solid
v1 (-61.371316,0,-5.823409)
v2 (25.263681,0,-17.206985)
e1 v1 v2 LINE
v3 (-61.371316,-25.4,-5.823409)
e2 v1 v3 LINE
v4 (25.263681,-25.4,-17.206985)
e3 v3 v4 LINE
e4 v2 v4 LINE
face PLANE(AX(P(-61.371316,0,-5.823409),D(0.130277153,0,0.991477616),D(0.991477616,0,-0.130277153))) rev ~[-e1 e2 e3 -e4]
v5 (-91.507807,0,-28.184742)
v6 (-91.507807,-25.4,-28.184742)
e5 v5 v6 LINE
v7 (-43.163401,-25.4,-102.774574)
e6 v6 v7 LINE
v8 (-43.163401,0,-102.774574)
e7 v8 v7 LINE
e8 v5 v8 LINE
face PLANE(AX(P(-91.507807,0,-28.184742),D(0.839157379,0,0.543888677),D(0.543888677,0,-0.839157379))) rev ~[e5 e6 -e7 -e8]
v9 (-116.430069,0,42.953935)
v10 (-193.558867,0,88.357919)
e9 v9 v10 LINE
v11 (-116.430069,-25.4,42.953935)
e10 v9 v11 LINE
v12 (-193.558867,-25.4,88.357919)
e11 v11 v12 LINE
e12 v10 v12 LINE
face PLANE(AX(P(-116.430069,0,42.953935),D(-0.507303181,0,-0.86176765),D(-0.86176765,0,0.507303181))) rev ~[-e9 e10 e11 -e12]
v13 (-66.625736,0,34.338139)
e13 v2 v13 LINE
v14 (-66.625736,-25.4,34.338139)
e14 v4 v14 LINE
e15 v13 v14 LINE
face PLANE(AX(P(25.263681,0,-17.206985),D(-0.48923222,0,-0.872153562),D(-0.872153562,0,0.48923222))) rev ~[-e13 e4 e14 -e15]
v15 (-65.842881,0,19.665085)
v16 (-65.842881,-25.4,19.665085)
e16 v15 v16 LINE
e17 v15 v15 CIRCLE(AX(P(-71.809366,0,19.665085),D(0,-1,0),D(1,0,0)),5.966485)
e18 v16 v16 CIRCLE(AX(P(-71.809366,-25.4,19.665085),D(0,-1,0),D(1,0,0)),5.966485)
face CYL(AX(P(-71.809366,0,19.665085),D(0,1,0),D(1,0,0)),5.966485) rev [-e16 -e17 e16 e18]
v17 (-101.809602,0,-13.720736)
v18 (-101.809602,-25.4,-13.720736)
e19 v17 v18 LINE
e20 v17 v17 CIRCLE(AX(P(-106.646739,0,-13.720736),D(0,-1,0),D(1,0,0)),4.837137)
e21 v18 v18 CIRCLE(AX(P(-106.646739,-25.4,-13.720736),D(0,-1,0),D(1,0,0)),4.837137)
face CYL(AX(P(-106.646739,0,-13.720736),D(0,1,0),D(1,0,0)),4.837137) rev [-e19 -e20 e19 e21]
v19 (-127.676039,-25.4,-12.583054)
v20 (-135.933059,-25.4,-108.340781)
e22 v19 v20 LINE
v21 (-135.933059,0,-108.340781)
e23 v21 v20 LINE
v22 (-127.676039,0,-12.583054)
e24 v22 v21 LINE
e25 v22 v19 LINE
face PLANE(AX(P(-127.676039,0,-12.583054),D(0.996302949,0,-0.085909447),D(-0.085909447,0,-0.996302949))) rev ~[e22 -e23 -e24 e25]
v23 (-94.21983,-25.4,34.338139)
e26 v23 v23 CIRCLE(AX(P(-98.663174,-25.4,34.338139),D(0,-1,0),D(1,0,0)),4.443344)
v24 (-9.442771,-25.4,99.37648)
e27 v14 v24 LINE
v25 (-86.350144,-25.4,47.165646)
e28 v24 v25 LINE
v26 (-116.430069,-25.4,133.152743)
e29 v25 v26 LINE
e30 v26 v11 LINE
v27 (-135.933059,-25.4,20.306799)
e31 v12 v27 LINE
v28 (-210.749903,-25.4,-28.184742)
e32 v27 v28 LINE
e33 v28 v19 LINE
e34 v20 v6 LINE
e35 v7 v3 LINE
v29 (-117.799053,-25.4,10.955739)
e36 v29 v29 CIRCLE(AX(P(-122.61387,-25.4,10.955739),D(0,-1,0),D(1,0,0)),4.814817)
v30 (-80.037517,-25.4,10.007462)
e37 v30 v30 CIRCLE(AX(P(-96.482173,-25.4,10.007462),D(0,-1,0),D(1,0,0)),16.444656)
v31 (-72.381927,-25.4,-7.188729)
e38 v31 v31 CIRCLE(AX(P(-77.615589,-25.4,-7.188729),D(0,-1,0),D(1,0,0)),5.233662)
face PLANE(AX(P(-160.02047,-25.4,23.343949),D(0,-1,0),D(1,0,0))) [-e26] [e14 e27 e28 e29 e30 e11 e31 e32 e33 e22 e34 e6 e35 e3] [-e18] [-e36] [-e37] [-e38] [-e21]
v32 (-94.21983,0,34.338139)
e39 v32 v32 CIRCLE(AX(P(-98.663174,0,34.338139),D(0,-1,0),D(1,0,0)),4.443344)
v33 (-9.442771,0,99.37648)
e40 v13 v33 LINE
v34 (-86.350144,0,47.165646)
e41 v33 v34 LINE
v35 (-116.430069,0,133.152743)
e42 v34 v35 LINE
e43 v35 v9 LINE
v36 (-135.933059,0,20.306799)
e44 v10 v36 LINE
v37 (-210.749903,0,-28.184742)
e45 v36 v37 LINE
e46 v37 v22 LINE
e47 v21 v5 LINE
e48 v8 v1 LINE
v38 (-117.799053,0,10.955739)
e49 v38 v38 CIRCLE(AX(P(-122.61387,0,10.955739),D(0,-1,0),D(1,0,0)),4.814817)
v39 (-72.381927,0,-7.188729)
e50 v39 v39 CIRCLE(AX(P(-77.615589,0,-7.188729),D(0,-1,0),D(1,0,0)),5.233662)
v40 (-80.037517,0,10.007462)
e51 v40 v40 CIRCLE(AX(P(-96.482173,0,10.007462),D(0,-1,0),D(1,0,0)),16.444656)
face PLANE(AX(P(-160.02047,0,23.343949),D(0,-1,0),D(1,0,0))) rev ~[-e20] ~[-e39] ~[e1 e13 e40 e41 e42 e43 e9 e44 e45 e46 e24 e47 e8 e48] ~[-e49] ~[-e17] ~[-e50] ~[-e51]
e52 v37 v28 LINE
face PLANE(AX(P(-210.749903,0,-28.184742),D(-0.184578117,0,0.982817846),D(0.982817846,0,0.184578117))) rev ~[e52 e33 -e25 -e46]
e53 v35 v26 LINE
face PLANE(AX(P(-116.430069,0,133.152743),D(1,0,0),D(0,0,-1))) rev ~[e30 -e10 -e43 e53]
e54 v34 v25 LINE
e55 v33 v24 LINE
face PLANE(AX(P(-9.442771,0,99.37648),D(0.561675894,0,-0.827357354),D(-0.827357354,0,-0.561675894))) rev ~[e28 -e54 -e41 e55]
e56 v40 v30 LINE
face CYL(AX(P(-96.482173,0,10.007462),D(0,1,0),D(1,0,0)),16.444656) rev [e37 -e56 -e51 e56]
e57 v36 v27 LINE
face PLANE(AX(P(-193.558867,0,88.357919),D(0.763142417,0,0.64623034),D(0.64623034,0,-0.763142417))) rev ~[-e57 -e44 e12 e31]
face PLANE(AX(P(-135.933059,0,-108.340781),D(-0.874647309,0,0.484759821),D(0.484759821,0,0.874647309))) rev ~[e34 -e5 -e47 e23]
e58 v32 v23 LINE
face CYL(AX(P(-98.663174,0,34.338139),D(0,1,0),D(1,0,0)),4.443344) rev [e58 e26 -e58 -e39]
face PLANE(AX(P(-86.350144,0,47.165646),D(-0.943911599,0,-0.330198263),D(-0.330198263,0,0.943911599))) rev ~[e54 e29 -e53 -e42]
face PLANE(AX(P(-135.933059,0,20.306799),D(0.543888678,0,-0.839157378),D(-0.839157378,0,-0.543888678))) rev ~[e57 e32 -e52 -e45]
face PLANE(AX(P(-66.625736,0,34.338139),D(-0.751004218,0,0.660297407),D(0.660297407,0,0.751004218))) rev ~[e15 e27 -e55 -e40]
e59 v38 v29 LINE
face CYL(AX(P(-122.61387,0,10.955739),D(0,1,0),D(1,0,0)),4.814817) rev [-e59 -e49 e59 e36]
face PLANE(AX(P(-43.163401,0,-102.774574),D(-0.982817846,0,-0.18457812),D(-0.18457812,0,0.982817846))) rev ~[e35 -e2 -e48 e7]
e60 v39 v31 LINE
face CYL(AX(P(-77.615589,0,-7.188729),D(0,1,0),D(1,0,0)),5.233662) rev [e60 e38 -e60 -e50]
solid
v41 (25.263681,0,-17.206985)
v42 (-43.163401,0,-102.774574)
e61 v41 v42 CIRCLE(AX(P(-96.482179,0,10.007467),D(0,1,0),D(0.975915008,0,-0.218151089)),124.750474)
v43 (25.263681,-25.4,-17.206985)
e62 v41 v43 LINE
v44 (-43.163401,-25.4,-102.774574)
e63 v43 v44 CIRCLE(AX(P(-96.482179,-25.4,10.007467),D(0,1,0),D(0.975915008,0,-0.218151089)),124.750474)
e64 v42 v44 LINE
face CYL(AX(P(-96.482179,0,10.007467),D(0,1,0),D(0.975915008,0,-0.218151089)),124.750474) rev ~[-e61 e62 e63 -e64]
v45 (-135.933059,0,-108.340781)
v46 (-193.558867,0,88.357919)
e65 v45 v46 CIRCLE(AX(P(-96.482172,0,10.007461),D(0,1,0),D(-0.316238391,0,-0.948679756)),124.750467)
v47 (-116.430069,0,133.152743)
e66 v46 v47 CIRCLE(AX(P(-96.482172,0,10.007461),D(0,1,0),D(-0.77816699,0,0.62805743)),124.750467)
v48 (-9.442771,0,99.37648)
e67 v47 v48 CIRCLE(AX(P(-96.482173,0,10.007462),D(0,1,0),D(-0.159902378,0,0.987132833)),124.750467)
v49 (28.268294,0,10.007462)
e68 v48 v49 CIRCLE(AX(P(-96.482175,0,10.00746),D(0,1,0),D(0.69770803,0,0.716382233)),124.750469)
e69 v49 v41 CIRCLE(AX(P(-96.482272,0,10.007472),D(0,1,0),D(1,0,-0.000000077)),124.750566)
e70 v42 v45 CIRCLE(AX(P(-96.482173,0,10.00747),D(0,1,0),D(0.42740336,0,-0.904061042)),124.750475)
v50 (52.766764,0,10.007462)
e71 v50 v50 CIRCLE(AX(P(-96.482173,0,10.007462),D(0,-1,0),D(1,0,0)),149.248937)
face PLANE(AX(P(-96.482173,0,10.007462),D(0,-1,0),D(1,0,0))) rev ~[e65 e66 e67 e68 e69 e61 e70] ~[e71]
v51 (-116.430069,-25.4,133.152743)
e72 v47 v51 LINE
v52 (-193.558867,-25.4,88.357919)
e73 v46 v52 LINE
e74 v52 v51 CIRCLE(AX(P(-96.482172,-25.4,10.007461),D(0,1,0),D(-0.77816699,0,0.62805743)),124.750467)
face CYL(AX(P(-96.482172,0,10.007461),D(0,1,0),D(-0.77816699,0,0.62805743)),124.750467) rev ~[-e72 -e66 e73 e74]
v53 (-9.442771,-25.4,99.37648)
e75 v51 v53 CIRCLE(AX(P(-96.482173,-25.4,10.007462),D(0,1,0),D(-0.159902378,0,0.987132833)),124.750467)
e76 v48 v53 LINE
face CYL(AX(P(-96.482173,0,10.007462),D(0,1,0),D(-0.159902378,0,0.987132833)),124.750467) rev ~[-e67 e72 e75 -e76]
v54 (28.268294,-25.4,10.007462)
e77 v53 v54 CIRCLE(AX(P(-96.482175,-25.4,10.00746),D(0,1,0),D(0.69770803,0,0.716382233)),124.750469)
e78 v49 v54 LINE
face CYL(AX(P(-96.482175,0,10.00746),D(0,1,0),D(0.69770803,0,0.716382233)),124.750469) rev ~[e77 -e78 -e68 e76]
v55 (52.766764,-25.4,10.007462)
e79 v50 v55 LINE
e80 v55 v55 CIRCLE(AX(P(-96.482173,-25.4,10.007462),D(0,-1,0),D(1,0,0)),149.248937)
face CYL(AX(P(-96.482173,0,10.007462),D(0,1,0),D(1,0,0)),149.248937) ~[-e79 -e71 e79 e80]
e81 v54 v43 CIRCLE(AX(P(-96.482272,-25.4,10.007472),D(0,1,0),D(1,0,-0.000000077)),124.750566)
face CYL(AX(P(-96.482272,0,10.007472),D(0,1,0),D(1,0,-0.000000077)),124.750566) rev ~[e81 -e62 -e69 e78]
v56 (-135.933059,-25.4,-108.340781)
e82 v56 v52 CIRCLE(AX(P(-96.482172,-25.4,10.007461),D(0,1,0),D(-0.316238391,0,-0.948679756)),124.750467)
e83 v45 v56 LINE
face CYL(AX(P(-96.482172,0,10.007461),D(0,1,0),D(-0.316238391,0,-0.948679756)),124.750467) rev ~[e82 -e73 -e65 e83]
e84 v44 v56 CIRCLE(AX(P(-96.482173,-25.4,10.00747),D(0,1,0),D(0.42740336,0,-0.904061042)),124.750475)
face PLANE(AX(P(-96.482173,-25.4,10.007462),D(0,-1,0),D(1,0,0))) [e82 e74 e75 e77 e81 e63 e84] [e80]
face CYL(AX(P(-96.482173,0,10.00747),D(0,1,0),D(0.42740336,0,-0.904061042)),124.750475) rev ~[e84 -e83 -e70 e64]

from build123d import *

# Parameters (mm, degrees)
F0_R     = 149.248937
F0_R_2   = 141.671682
F0_R_3   = 4.837137
F0_R_4   = 5.233662
F0_R_5   = 4.814817
F0_R_6   = 4.443344
F0_R_7   = 16.444656
F0_R_8   = 5.966485
F1_DEPTH = 25.4
F2_DEPTH = 25.4


with BuildPart() as f1:
    # F0 (on Front) → F1 (new body)
    with BuildSketch(Plane.XZ):
        with Locations((-96.482173, 10.007462)):
            Circle(F0_R)
        with Locations((-96.482173, 10.007462)):
            Circle(F0_R_2, mode=Mode.SUBTRACT)
        with BuildLine():
            Line((-116.430069, 42.953935), (-193.558867, 88.357919))
            Line((-193.558867, 88.357919), (-135.933059, 20.306799))
            Line((-135.933059, 20.306799), (-210.749903, -28.184742))
            Line((-210.749903, -28.184742), (-127.676039, -12.583054))
            ThreePointArc((-127.676039, -12.583054), (-134.230805, 17.651376), (-116.430069, 42.953935))
        make_face()
        with BuildLine():
            ThreePointArc((-57.967387, 10.007462), (-60.19648, 22.920138), (-66.625736, 34.338139))
            ThreePointArc((-66.625736, 34.338139), (-75.484421, 42.294969), (-86.350144, 47.165646))
            ThreePointArc((-86.350144, 47.165646), (-101.822814, 48.150171), (-116.430069, 42.953935))
            ThreePointArc((-116.430069, 42.953935), (-134.230805, 17.651376), (-127.676039, -12.583054))
            ThreePointArc((-127.676039, -12.583054), (-111.737294, -25.357351), (-91.507807, -28.184742))
            ThreePointArc((-91.507807, -28.184742), (-73.531932, -20.922704), (-61.371316, -5.823409))
            ThreePointArc((-61.371316, -5.823409), (-58.827984, 1.911117), (-57.967387, 10.007462))
        make_face()
        with Locations((-106.646739, -13.720736)):
            Circle(F0_R_3, mode=Mode.SUBTRACT)
        with Locations((-77.615589, -7.188729)):
            Circle(F0_R_4, mode=Mode.SUBTRACT)
        with Locations((-122.61387, 10.955739)):
            Circle(F0_R_5, mode=Mode.SUBTRACT)
        with Locations((-98.663174, 34.338139)):
            Circle(F0_R_6, mode=Mode.SUBTRACT)
        with Locations((-96.482173, 10.007462)):
            Circle(F0_R_7, mode=Mode.SUBTRACT)
        with Locations((-71.809366, 19.665085)):
            Circle(F0_R_8, mode=Mode.SUBTRACT)
        with BuildLine():
            Line((-66.625736, 34.338139), (-9.442771, 99.37648))
            Line((-9.442771, 99.37648), (-86.350144, 47.165646))
            ThreePointArc((-86.350144, 47.165646), (-75.484421, 42.294969), (-66.625736, 34.338139))
        make_face()
        with BuildLine():
            Line((-86.350144, 47.165646), (-116.430069, 133.152743))
            Line((-116.430069, 133.152743), (-116.430069, 42.953935))
            ThreePointArc((-116.430069, 42.953935), (-101.822814, 48.150171), (-86.350144, 47.165646))
        make_face()
        with BuildLine():
            Line((-61.371316, -5.823409), (25.263681, -17.206985))
            Line((25.263681, -17.206985), (-66.625736, 34.338139))
            ThreePointArc((-66.625736, 34.338139), (-60.19648, 22.920138), (-57.967387, 10.007462))
            ThreePointArc((-57.967387, 10.007462), (-58.827984, 1.911117), (-61.371316, -5.823409))
        make_face()
        with BuildLine():
            Line((-91.507807, -28.184742), (-43.163401, -102.774574))
            Line((-43.163401, -102.774574), (-61.371316, -5.823409))
            ThreePointArc((-61.371316, -5.823409), (-73.531932, -20.922704), (-91.507807, -28.184742))
        make_face()
        with BuildLine():
            Line((-127.676039, -12.583054), (-135.933059, -108.340781))
            Line((-135.933059, -108.340781), (-91.507807, -28.184742))
            ThreePointArc((-91.507807, -28.184742), (-111.737294, -25.357351), (-127.676039, -12.583054))
        make_face()
    extrude(amount=F1_DEPTH)

    # F0 (on Front) → F2 (join)
    with BuildSketch(Plane.XZ):
        with Locations((-96.482173, 10.007462)):
            Circle(F0_R_2)
        with BuildLine():
            ThreePointArc((-9.442771, 99.37648), (18.454516, 58.507322), (28.268294, 10.007462))
            ThreePointArc((28.268294, 10.007462), (27.514865, -3.682442), (25.263681, -17.206985))
            ThreePointArc((25.263681, -17.206985), (0.946564, -67.904797), (-43.163401, -102.774574))
            ThreePointArc((-43.163401, -102.774574), (-89.010545, -114.519056), (-135.933059, -108.340781))
            ThreePointArc((-135.933059, -108.340781), (-216.200758, -25.065878), (-193.558867, 88.357919))
            ThreePointArc((-193.558867, 88.357919), (-159.134649, 117.883993), (-116.430069, 133.152743))
            ThreePointArc((-116.430069, 133.152743), (-58.925196, 128.970281), (-9.442771, 99.37648))
        make_face(mode=Mode.SUBTRACT)
    extrude(amount=F2_DEPTH)


solid = f1.part
